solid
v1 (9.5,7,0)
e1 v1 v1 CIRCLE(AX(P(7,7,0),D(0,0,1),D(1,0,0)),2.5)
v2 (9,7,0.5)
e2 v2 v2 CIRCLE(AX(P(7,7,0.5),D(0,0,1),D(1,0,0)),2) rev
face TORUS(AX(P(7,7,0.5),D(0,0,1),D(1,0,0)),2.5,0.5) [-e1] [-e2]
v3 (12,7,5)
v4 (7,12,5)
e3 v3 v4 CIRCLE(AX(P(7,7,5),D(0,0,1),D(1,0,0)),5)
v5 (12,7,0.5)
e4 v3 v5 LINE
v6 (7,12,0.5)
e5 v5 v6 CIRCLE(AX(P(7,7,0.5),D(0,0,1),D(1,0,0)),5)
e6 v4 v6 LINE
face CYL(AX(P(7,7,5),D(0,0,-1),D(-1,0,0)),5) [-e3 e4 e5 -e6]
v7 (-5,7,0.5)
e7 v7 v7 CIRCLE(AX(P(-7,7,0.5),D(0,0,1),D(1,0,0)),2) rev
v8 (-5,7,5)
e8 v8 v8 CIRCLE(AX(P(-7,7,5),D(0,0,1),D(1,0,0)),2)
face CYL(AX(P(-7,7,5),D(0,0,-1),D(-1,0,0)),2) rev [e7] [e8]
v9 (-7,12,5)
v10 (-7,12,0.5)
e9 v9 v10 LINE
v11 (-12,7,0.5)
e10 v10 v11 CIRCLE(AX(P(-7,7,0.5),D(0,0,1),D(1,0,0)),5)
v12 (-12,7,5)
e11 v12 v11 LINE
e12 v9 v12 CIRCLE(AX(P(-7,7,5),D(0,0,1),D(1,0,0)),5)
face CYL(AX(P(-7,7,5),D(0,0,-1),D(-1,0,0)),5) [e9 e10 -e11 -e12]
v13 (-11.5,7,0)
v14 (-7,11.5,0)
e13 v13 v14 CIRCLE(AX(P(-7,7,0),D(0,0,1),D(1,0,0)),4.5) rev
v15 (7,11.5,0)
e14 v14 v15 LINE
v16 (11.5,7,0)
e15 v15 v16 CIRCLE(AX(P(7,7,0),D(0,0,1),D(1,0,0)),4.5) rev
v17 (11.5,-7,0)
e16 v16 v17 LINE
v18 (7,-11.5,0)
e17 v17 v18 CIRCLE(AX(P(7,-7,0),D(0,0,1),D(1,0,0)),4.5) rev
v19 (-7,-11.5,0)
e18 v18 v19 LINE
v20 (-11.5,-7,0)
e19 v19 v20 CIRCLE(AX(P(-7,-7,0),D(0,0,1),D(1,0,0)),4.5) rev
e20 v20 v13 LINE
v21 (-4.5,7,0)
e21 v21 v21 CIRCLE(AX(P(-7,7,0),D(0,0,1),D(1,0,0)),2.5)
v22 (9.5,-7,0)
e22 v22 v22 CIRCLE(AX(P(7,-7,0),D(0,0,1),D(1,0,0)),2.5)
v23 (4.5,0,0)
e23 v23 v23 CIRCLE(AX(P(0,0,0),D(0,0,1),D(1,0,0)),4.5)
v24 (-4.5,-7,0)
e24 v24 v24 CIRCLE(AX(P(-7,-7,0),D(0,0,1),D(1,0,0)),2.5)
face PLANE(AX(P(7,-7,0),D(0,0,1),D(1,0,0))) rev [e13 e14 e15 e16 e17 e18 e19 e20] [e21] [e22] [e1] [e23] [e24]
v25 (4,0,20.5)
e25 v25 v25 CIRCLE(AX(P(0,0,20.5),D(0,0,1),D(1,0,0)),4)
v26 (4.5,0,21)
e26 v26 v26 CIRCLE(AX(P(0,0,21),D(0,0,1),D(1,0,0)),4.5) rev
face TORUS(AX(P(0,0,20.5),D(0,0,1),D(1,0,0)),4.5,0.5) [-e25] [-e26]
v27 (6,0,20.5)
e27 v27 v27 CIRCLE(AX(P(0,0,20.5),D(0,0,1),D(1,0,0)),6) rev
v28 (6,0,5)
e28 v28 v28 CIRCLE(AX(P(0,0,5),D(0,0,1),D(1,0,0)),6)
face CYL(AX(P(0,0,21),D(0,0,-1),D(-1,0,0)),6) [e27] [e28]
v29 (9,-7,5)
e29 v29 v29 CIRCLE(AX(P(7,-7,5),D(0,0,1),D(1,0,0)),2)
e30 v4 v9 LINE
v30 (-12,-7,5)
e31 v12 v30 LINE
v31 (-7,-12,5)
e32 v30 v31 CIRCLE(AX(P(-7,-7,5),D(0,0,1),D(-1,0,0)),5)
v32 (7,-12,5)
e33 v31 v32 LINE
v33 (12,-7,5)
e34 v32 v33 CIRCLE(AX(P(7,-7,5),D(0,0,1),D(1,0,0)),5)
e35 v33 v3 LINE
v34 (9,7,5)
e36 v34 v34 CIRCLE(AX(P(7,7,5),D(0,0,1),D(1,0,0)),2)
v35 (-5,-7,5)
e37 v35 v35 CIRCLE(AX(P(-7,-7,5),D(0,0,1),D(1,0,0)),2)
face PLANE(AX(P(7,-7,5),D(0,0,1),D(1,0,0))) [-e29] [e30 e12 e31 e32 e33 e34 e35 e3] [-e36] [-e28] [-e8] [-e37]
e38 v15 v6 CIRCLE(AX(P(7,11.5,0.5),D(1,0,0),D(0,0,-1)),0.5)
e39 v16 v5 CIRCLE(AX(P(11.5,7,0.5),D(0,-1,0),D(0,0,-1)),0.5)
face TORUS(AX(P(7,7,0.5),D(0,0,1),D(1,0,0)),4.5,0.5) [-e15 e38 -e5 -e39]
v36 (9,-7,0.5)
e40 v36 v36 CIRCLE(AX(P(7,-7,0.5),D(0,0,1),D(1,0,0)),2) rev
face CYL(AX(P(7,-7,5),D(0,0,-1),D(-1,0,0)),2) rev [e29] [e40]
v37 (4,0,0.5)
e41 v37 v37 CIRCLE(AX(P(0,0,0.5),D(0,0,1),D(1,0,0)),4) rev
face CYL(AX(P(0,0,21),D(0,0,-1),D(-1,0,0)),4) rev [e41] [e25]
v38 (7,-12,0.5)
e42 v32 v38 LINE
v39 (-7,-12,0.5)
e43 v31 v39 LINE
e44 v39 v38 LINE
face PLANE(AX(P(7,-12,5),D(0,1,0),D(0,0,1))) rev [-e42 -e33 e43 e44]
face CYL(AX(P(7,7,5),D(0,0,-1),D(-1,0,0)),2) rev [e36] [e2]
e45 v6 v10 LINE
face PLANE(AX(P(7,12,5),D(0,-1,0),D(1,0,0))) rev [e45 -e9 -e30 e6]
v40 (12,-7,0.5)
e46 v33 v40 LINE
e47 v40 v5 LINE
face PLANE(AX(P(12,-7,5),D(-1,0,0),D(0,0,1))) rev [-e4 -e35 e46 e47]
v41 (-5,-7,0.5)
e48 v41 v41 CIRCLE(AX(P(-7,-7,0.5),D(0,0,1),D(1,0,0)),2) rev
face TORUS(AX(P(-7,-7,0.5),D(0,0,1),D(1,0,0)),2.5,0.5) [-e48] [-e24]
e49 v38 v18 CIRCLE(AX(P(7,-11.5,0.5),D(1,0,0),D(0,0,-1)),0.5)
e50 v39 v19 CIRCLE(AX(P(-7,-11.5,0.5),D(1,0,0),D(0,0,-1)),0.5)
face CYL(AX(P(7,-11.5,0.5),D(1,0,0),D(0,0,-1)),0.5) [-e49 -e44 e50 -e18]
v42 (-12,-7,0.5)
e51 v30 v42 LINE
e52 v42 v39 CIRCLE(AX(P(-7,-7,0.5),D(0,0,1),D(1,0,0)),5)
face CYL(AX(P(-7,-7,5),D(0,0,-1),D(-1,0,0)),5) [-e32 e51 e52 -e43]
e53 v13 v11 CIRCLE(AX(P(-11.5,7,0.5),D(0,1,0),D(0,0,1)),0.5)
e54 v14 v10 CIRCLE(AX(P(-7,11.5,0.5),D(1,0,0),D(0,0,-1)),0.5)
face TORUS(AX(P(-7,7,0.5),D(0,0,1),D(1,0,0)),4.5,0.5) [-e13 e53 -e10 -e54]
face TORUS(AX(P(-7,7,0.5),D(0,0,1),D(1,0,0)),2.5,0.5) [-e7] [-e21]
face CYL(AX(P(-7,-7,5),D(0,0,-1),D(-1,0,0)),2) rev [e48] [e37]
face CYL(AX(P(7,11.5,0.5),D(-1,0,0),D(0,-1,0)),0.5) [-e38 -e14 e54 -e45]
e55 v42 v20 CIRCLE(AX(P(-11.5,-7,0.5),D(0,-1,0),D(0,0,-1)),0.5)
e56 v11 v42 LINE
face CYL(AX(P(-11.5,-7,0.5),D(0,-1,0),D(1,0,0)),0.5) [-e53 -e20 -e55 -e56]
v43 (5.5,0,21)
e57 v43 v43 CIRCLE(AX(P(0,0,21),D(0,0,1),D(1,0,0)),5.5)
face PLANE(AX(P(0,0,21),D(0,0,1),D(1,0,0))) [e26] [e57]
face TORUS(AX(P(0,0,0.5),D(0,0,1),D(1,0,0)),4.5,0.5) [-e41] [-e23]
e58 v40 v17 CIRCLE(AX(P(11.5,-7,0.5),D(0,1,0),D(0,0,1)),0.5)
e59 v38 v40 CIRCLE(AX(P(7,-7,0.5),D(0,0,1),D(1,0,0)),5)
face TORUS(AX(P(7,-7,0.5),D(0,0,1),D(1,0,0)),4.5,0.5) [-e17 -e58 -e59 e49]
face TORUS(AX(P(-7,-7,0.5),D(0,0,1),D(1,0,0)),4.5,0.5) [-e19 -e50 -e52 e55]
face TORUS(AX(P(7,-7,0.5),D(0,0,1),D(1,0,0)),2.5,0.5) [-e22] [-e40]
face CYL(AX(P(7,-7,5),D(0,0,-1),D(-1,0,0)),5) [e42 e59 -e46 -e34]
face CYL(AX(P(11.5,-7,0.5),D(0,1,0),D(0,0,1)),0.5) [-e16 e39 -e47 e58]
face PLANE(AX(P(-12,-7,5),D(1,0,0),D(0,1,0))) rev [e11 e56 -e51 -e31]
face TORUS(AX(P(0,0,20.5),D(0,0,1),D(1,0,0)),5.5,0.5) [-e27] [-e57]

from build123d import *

# Parameters (mm, degrees)
ESQUISSE1_R             = 2
BOSS_EXTRU_1_DEPTH      = 5
ESQUISSE2_R             = 6
ESQUISSE2_R_2           = 4
BOSS_EXTRU_2_DEPTH      = 16
ENL_V_MAT_EXTRU_1_REACH = 25.324
ESQUISSE3_R             = 4
CONG_1_R                = 0.5


with BuildPart() as part:
    # Esquisse1 → Boss.-Extru.1 (new body)
    with BuildSketch(Plane.XY):
        with BuildLine():
            Line((7, -12), (-7, -12))
            ThreePointArc((-7, -12), (-10.535533906, -10.535533906), (-12, -7))
            Line((-12, -7), (-12, 7))
            ThreePointArc((-12, 7), (-10.535533906, 10.535533906), (-7, 12))
            Line((-7, 12), (7, 12))
            ThreePointArc((7, 12), (10.535533906, 10.535533906), (12, 7))
            Line((12, 7), (12, -7))
            ThreePointArc((12, -7), (10.535533906, -10.535533906), (7, -12))
        make_face()
        with Locations((-7, 7)):
            Circle(ESQUISSE1_R, mode=Mode.SUBTRACT)
        with Locations((7, 7)):
            Circle(ESQUISSE1_R, mode=Mode.SUBTRACT)
        with Locations((7, -7)):
            Circle(ESQUISSE1_R, mode=Mode.SUBTRACT)
        with Locations((-7, -7)):
            Circle(ESQUISSE1_R, mode=Mode.SUBTRACT)
    extrude(amount=BOSS_EXTRU_1_DEPTH)

    # Esquisse2 → Boss.-Extru.2 (add)
    with BuildSketch(Plane.XY.offset(5)):
        Circle(ESQUISSE2_R)
        Circle(ESQUISSE2_R_2, mode=Mode.SUBTRACT)
    extrude(amount=BOSS_EXTRU_2_DEPTH)

    # Esquisse3 → Enlèv. mat.-Extru.1 (cut, up to next)
    with BuildSketch(Plane.XY.offset(5), mode=Mode.PRIVATE) as enl_v_mat_extru_1_sk1:
        Circle(ESQUISSE3_R)
    enl_v_mat_extru_1_tool1 = extrude(enl_v_mat_extru_1_sk1.sketch, amount=-ENL_V_MAT_EXTRU_1_REACH, mode=Mode.PRIVATE) & part.part
    add(enl_v_mat_extru_1_tool1.solids().sort_by_distance((0, 0, 5))[0], mode=Mode.SUBTRACT)

    # Congé1
    cong_1_edges = [part.edges().sort_by_distance(p)[0] for p in [
        (0, 12, 0),
        (10.535533906, 10.535533906, 0),
        (12, 0, 0),
        (10.535533906, -10.535533906, 0),
        (-9, 7, 0),
        (5, 7, 0),
        (5, -7, 0),
        (-9, -7, 0),
        (-6, 0, 21),
        (-4, 0, 21),
        (-4, 0, 0),
        (0, -12, 0),
        (-10.535533906, -10.535533906, 0),
        (-12, 0, 0),
        (-10.535533906, 10.535533906, 0),
    ]]
    fillet(cong_1_edges, radius=CONG_1_R)


solid = part.part
